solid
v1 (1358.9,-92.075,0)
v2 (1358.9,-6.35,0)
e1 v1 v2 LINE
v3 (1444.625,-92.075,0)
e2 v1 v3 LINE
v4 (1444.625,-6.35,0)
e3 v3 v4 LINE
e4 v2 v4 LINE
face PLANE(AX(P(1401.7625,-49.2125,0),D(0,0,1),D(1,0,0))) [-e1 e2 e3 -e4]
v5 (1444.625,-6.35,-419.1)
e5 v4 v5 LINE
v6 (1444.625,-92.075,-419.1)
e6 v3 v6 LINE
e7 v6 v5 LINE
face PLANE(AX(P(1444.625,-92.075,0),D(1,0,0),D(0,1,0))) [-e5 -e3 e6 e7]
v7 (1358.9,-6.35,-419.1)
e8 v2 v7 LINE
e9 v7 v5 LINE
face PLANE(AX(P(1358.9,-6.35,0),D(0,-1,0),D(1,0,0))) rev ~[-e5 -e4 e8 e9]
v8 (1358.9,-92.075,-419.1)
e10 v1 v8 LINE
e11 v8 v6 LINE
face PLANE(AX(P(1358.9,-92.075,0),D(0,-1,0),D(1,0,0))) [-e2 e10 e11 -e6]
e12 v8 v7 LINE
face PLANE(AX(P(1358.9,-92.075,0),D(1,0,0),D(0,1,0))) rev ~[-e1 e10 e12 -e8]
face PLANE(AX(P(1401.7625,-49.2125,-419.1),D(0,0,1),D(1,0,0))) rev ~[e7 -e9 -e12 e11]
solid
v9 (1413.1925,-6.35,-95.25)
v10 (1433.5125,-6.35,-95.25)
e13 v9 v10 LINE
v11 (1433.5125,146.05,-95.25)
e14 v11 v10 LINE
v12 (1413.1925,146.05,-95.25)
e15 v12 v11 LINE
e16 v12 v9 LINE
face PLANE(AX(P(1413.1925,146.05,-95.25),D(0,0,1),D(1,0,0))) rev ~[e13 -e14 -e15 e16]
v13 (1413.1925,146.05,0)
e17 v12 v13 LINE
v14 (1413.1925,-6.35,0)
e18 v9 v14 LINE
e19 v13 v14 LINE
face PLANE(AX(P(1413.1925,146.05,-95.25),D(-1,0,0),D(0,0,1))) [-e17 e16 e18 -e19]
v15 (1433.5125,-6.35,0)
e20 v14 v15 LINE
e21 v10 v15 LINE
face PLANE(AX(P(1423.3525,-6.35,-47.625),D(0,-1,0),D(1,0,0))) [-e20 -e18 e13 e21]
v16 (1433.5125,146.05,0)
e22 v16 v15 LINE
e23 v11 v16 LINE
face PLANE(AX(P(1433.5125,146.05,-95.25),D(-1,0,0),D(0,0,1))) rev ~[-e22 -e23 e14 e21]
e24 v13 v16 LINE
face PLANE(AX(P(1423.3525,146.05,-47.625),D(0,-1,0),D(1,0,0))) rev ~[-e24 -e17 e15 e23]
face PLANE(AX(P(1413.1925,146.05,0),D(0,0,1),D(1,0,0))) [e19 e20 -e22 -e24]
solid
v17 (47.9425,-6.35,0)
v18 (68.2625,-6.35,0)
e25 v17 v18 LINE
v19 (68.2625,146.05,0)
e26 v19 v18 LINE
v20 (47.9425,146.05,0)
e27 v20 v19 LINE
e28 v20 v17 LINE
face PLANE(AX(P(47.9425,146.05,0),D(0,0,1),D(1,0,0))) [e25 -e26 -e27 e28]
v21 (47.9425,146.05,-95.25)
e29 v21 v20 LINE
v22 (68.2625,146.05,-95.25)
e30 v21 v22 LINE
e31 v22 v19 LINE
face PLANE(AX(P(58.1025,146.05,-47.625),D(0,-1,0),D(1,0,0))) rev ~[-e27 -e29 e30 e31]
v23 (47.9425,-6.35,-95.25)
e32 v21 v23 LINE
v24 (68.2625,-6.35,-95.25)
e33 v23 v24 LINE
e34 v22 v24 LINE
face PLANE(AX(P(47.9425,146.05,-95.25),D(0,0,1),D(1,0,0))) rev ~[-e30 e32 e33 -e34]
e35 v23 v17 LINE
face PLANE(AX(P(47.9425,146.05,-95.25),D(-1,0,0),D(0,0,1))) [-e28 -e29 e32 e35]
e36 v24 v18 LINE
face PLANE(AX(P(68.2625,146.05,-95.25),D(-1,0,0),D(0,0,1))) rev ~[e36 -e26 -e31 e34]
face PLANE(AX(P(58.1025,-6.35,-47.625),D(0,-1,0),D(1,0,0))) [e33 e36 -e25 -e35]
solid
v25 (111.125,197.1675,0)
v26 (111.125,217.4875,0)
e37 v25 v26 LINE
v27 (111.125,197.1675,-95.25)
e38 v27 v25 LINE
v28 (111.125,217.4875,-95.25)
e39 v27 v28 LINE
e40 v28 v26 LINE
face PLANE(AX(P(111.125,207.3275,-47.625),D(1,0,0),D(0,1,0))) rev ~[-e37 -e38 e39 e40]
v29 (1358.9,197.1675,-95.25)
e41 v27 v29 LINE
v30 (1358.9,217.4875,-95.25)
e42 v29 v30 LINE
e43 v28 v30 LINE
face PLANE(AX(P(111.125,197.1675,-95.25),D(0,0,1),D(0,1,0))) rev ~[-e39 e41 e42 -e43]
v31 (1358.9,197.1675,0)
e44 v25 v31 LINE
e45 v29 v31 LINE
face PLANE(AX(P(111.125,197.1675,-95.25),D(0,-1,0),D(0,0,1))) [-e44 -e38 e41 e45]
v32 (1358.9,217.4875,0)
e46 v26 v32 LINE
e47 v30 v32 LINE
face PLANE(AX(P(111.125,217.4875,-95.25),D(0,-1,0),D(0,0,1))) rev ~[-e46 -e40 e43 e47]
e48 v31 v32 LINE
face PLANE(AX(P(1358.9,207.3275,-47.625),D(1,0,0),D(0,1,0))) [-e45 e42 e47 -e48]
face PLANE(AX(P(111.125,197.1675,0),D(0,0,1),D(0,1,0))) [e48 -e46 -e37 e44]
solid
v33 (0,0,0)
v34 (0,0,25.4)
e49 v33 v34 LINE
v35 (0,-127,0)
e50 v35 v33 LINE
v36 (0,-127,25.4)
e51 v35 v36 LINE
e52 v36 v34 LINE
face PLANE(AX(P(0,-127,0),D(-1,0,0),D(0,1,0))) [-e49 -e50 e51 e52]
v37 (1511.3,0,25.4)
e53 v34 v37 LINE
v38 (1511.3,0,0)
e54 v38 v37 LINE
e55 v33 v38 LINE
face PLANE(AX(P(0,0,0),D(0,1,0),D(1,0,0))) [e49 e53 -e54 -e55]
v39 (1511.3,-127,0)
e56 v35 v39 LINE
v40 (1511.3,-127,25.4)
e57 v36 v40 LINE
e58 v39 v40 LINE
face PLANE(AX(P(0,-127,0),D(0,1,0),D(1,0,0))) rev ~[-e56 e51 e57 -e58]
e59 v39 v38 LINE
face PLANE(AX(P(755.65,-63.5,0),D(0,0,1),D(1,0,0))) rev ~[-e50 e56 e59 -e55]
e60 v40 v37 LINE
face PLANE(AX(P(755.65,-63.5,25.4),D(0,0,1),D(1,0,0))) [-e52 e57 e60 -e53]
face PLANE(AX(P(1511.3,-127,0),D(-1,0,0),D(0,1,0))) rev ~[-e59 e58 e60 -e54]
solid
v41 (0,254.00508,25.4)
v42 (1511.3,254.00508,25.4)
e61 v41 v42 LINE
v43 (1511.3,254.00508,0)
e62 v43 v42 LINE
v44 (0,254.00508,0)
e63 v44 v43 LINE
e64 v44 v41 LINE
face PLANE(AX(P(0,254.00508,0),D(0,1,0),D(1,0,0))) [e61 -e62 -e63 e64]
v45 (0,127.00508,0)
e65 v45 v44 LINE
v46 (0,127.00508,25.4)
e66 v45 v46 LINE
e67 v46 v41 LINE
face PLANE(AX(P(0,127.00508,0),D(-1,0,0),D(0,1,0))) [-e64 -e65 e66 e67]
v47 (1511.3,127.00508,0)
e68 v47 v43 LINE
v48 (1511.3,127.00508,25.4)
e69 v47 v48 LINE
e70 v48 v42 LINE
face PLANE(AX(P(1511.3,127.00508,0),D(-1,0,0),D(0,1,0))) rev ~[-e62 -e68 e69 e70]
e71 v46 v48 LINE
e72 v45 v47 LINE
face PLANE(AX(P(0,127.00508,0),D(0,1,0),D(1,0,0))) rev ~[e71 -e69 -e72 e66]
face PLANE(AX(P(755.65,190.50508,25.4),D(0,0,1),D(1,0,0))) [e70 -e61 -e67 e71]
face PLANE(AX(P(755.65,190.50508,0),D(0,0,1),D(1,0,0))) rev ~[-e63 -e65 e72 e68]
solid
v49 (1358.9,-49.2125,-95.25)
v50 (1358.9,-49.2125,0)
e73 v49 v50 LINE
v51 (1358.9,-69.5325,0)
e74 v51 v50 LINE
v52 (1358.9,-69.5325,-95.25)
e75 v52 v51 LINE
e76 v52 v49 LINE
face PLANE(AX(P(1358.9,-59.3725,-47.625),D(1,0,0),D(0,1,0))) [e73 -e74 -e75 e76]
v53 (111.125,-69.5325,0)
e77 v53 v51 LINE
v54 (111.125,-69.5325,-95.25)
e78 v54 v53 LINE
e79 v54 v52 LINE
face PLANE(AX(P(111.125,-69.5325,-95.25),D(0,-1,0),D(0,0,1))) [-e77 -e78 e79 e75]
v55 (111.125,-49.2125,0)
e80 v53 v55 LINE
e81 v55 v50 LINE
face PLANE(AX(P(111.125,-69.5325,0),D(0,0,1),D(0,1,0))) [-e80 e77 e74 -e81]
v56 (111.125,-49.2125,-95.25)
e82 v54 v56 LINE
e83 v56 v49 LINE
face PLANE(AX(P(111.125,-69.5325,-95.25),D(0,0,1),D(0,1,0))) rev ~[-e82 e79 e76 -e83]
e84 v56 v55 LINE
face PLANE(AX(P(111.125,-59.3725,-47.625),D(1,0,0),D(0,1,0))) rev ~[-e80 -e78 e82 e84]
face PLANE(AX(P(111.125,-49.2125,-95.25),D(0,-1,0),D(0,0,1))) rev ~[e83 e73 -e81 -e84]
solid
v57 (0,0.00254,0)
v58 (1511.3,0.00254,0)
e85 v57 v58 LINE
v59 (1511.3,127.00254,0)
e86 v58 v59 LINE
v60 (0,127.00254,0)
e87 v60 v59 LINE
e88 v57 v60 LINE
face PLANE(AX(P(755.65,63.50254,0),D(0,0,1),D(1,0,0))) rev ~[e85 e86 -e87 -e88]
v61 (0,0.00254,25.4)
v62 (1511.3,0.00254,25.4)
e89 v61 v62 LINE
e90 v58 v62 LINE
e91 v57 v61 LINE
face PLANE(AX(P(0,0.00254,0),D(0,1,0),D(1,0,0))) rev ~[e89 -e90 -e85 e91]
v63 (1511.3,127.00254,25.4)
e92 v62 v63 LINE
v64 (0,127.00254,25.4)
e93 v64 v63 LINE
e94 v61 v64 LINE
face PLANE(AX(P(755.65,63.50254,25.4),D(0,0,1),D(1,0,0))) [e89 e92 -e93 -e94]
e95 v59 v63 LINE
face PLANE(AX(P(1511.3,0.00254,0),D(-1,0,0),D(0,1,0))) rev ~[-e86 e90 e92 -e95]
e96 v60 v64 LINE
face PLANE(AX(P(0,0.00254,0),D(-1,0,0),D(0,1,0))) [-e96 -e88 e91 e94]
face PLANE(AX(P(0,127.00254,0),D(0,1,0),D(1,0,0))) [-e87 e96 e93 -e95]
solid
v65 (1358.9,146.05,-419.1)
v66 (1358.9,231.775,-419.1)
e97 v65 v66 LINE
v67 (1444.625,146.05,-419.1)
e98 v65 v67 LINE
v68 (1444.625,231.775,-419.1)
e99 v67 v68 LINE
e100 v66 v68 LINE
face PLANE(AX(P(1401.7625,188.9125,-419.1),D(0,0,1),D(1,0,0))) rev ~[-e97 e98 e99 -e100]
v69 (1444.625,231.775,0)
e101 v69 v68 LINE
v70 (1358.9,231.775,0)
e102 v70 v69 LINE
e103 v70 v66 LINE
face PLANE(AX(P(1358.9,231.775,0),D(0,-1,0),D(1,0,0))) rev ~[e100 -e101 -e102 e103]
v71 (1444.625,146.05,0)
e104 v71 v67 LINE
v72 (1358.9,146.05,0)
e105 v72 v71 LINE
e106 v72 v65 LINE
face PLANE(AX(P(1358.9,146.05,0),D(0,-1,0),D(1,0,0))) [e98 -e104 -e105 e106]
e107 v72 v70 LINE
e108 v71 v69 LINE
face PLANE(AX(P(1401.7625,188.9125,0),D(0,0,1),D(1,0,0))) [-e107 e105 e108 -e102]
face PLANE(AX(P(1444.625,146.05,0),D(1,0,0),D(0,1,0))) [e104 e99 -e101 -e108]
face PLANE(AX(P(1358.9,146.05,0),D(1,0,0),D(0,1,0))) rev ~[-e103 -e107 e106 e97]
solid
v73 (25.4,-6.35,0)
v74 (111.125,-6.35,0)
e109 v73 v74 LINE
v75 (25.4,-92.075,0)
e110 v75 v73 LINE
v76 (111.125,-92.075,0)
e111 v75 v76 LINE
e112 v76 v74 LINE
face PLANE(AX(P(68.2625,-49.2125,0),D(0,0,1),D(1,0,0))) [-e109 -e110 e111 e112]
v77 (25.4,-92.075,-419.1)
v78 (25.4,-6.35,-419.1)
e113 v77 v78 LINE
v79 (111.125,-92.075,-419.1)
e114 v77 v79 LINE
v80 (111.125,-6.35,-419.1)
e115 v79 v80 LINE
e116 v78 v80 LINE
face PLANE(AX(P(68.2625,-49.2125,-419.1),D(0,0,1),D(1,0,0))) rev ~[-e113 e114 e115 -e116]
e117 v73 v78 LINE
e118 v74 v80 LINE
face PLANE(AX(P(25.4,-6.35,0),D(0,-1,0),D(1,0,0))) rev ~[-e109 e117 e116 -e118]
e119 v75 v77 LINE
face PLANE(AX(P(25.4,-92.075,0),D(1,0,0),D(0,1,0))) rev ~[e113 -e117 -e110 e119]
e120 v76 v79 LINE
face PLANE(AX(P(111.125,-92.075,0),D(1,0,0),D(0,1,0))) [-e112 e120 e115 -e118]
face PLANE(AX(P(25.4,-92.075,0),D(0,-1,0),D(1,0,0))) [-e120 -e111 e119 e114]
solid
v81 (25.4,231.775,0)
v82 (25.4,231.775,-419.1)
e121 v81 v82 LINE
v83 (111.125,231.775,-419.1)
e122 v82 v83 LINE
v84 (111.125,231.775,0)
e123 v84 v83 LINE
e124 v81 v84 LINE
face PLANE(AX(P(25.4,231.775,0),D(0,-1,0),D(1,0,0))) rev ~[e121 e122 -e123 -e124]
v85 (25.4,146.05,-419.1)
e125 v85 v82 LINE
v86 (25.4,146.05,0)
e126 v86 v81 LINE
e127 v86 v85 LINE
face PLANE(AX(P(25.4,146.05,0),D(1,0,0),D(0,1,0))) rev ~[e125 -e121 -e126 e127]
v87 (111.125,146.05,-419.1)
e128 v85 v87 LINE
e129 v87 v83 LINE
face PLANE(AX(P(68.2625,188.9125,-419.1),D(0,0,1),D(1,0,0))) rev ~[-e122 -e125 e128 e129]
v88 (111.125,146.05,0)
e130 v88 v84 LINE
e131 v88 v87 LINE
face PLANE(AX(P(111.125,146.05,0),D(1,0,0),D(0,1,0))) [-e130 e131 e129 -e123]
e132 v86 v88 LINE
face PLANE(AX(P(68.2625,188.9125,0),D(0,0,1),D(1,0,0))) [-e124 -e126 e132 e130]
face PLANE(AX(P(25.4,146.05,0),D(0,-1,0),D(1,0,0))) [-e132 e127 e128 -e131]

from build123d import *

# Parameters (mm, degrees)
F0_W     = 1511.3
F0_H     = 127
F2_DEPTH = 25.4
F1_W     = 85.725
F1_H     = 85.725
F3_DEPTH = 419.1
F4_W     = 20.32
F4_H     = 95.25
F5_DEPTH = 1247.775
F6_W     = 20.32
F6_H     = 95.25
F7_DEPTH = 152.4


with BuildPart() as f2:
    # F0 (on Top) → F2 (new body)
    with BuildSketch(Plane.XY):
        with Locations((755.65, -63.5)):
            Rectangle(F0_W, F0_H)
        with Locations((755.65, 63.50254)):
            Rectangle(F0_W, F0_H)
        with Locations((755.65, 190.50508)):
            Rectangle(F0_W, F0_H)
    extrude(amount=F2_DEPTH)


with BuildPart() as f3:
    # F1 (on face) → F3 (new body)
    with BuildSketch(Plane.XY):
        with Locations((68.2625, 188.9125)):
            Rectangle(F1_W, F1_H)
        with Locations((68.2625, -49.2125)):
            Rectangle(F1_W, F1_H)
        with Locations((1401.7625, 188.9125)):
            Rectangle(F1_W, F1_H)
        with Locations((1401.7625, -49.2125)):
            Rectangle(F1_W, F1_H)
    extrude(amount=-F3_DEPTH)


with BuildPart() as f5:
    # F4 (on face) → F5 (new body, through all)
    with BuildSketch(Plane.YZ.offset(111.125)):
        with Locations((-59.3725, -47.625)):
            Rectangle(F4_W, F4_H)
        with Locations((207.3275, -47.625)):
            Rectangle(F4_W, F4_H)
    extrude(amount=F5_DEPTH)


with BuildPart() as f7:
    # F6 (on face) → F7 (new body)
    with BuildSketch(Plane.XZ.offset(-146.05)):
        with Locations((58.1025, -47.625)):
            Rectangle(F6_W, F6_H)
        with Locations((1423.3525, -47.625)):
            Rectangle(F6_W, F6_H)
    extrude(amount=F7_DEPTH)


solid = Compound([f2.part, f3.part, f5.part, f7.part])
